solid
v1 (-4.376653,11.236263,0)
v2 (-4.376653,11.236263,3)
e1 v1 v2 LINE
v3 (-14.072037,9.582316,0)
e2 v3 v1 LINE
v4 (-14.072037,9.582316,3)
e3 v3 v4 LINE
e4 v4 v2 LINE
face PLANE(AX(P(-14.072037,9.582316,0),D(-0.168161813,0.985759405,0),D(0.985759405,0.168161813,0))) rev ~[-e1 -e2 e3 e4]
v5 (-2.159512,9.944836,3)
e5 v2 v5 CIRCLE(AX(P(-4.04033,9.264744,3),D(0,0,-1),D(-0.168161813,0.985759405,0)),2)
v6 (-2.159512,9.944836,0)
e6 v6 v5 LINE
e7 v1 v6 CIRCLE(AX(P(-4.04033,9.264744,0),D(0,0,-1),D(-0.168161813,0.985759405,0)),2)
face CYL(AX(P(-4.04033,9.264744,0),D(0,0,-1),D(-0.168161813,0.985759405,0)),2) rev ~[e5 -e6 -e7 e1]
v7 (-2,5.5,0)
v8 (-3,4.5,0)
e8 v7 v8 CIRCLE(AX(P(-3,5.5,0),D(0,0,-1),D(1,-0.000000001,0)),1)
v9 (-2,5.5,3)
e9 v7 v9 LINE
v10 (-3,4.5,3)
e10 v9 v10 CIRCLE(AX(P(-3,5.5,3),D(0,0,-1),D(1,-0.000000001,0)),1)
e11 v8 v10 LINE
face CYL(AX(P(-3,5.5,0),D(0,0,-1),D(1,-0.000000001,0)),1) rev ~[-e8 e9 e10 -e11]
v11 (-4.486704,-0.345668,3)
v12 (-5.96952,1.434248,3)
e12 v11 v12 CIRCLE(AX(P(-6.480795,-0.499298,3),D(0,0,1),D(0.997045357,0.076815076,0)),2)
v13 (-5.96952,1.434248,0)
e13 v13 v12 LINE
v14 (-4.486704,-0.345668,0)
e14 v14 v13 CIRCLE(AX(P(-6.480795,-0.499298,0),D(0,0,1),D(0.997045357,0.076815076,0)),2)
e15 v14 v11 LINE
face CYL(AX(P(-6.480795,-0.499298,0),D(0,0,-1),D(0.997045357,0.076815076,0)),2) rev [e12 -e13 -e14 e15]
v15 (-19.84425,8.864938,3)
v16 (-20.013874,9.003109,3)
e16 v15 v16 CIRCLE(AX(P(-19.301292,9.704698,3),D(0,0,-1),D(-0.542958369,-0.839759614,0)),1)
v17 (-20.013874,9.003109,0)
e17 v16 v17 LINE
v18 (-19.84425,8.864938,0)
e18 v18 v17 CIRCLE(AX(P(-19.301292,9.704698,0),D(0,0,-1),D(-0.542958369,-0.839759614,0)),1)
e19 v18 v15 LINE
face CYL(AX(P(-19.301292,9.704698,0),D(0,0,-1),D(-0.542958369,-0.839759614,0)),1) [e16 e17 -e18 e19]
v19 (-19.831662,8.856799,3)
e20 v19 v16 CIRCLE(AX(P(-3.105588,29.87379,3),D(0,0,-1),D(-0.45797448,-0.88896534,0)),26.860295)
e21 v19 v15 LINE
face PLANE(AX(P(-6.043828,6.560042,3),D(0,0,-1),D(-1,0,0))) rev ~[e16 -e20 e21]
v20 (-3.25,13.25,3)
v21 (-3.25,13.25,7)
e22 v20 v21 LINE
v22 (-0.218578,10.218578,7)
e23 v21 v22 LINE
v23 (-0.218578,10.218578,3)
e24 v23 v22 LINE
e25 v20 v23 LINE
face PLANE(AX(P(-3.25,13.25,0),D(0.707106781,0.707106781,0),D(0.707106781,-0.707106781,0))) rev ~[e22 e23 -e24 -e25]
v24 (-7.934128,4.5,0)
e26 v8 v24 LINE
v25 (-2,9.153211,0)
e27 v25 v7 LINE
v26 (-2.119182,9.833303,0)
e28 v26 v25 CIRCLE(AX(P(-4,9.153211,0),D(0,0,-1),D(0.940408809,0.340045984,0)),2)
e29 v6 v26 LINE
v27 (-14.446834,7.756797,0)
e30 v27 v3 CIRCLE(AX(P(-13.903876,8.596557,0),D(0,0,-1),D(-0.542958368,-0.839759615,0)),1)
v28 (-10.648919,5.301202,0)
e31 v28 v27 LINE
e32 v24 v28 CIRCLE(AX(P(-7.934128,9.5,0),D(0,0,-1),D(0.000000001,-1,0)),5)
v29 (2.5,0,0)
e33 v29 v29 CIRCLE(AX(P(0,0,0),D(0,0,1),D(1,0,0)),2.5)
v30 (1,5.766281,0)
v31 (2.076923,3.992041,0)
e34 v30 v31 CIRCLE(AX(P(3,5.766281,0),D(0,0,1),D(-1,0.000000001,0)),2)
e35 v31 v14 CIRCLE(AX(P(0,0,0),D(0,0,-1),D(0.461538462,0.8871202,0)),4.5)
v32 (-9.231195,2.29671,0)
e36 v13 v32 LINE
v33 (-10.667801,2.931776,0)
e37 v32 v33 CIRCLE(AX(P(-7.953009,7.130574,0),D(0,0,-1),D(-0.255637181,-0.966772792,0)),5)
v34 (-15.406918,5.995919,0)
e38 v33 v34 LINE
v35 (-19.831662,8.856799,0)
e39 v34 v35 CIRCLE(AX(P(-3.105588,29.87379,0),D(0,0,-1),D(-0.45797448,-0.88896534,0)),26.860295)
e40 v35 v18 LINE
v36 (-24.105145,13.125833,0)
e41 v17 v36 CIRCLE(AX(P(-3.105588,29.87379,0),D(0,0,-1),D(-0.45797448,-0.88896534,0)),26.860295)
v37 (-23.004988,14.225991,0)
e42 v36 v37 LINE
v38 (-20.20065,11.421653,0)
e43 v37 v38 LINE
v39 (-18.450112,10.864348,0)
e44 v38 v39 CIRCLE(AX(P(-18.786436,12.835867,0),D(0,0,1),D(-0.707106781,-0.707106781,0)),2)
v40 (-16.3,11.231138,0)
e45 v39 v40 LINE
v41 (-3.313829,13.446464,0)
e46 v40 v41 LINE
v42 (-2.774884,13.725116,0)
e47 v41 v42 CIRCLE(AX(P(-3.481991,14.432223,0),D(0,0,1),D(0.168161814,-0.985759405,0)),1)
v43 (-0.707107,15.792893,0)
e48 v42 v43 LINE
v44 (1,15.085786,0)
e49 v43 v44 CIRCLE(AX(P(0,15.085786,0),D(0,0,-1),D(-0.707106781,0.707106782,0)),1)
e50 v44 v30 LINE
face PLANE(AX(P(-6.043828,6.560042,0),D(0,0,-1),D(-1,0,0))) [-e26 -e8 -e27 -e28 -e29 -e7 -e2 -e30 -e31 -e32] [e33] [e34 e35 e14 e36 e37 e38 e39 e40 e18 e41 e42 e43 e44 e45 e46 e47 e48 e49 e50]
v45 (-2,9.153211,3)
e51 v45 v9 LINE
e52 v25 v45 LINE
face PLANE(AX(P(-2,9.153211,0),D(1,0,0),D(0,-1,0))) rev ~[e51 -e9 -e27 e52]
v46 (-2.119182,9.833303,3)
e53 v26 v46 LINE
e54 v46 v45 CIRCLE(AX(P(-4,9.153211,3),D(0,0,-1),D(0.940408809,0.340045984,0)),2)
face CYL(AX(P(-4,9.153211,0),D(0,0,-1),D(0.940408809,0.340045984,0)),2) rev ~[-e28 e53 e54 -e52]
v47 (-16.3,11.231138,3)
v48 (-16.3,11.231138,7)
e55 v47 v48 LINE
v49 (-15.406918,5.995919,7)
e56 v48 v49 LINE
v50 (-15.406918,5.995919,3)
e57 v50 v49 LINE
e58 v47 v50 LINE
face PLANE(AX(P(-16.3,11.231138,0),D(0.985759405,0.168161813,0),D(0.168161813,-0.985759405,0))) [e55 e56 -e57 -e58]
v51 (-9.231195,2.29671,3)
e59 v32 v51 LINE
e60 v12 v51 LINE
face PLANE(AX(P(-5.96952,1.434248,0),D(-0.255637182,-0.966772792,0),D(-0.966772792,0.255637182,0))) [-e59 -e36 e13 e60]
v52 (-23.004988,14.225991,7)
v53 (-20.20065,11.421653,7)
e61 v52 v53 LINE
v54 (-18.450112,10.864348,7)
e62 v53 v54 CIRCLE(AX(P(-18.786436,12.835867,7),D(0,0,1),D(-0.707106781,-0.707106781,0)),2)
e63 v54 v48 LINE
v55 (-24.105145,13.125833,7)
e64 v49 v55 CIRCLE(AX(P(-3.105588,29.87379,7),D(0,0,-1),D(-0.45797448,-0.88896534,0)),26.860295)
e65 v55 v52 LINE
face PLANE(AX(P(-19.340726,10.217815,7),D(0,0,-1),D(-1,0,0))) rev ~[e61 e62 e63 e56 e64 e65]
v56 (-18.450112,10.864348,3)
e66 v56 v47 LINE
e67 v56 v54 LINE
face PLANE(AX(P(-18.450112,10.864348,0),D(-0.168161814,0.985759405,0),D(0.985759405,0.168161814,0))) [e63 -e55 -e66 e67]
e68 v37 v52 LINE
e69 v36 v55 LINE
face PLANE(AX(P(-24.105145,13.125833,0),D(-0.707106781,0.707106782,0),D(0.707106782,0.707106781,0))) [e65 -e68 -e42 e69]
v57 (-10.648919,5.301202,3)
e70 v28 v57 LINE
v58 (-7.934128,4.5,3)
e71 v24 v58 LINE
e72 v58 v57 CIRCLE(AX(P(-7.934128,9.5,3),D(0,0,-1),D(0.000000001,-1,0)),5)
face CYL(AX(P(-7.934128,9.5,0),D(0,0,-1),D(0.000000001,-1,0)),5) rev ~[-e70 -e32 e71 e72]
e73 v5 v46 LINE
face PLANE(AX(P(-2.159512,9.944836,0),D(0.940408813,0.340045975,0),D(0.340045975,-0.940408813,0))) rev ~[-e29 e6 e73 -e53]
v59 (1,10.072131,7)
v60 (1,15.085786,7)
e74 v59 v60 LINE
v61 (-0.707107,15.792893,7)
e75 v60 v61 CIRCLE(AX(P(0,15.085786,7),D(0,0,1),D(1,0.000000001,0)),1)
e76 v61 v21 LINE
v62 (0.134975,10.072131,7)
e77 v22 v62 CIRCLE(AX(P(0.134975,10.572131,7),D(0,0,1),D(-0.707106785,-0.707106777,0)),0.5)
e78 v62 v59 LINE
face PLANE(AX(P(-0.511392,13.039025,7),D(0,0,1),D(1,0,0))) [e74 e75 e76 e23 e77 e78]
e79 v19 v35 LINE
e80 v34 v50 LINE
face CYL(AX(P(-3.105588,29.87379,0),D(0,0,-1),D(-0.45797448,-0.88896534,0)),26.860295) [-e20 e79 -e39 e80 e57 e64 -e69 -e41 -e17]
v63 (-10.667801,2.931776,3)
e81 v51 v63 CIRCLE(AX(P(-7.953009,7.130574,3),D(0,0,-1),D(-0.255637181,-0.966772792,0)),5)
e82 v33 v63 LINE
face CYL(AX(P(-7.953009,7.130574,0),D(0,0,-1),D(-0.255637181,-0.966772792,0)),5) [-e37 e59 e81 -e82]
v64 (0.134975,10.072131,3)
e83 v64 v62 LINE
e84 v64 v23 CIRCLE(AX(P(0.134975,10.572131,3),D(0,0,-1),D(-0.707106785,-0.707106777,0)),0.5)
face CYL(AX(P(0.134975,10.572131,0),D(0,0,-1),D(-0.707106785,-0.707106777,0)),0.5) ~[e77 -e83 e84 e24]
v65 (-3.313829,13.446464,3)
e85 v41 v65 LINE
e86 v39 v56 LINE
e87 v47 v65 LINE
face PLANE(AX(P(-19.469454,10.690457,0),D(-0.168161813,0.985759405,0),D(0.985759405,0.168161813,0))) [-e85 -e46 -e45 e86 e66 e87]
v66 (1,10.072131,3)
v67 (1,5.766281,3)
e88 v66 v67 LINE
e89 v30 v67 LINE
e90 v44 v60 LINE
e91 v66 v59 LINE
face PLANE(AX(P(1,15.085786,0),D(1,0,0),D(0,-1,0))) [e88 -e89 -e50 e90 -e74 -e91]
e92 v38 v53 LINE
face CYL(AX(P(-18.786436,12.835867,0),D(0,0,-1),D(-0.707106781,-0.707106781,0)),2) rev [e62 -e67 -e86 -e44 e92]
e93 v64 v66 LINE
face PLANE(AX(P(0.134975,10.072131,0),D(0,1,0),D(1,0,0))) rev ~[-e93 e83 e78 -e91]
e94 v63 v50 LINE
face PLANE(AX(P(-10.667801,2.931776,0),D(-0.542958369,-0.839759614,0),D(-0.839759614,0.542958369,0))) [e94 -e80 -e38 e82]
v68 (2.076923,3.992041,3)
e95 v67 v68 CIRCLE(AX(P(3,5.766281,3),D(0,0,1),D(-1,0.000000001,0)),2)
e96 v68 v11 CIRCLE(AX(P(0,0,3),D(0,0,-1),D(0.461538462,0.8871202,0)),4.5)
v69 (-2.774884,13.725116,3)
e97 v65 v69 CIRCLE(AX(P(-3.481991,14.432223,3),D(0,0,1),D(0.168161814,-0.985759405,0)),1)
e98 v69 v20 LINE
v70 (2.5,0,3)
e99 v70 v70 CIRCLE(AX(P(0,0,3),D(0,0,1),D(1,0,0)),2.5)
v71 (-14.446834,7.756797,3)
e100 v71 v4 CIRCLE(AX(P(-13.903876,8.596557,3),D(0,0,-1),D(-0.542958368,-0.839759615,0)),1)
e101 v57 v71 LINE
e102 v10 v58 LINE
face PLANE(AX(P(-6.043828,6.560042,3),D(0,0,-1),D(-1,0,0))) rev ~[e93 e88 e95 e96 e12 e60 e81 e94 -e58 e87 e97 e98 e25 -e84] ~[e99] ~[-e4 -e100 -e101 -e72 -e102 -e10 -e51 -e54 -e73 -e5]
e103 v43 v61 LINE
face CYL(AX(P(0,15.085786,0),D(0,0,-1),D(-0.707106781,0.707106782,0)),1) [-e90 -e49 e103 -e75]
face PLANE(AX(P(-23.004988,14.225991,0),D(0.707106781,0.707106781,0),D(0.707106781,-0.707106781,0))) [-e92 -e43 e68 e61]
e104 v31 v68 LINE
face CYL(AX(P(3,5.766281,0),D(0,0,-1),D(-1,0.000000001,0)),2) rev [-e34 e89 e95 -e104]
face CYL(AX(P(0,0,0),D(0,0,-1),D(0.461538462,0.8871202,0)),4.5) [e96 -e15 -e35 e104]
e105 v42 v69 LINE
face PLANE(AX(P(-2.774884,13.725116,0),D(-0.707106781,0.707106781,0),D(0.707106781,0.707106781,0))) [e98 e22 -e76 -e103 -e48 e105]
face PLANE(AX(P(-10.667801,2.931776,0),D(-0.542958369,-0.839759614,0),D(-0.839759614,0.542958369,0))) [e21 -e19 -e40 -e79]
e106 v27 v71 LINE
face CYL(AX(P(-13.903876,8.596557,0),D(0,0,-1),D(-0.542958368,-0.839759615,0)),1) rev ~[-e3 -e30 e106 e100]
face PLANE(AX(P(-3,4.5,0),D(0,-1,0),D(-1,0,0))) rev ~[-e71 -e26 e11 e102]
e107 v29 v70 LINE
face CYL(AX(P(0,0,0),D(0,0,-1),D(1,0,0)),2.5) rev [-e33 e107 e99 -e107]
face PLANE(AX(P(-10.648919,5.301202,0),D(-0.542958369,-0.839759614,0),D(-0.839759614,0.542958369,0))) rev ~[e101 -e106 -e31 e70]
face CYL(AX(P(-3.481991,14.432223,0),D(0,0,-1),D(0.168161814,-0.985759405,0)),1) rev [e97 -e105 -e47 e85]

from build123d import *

# Parameters (mm, degrees)
ESQUISSE1_R          = 2.5
BASE_EXTRUSION_DEPTH = 3
BOSS_EXTRU_1_DEPTH   = 7


with BuildPart() as part:
    # Esquisse1 → Base-Extrusion (new body)
    with BuildSketch(Plane.XY):
        with BuildLine():
            Line((-10.667800722, 2.931775933), (-19.844250261, 8.864938219))
            ThreePointArc((-19.844250261, 8.864938219), (-20.280859603, 9.905812475), (-19.469453705, 10.690457238))
            Line((-19.469453705, 10.690457238), (-3.313828745, 13.446463599))
            ThreePointArc((-3.313828745, 13.446463599), (-3.022713301, 13.543930034), (-2.774883777, 13.725116223))
            Line((-2.774883777, 13.725116223), (-0.707106781, 15.792893219))
            ThreePointArc((-0.707106781, 15.792893219), (0.382683432, 16.00966597), (1, 15.085786438))
            Line((1, 15.085786438), (1, 5.766281297))
            ThreePointArc((1, 5.766281297), (1.290299171, 4.728532254), (2.076923077, 3.992040898))
            ThreePointArc((2.076923077, 3.992040898), (2.481066389, -3.75423888), (-4.486704107, -0.345667841))
            ThreePointArc((-4.486704107, -0.345667841), (-4.944162699, 0.780843297), (-5.969520458, 1.434247592))
            Line((-5.969520458, 1.434247592), (-9.231194787, 2.296710044))
            ThreePointArc((-9.231194787, 2.296710044), (-9.974591181, 2.557478226), (-10.667800722, 2.931775933))
        make_face()
        Circle(ESQUISSE1_R, mode=Mode.SUBTRACT)
        with BuildLine():
            Line((-2, 9.15321079), (-2, 5.5))
            ThreePointArc((-2, 5.5), (-2.292893219, 4.792893219), (-3, 4.5))
            Line((-3, 4.5), (-7.934127615, 4.5))
            ThreePointArc((-7.934127615, 4.5), (-9.349403144, 4.704481761), (-10.648919459, 5.301201929))
            Line((-10.648919459, 5.301201929), (-14.446834044, 7.756796926))
            ThreePointArc((-14.446834044, 7.756796926), (-14.883443387, 8.797671182), (-14.072037489, 9.582315945))
            Line((-14.072037489, 9.582315945), (-4.37665324, 11.236262526))
            ThreePointArc((-4.37665324, 11.236262526), (-3.033695989, 10.992947624), (-2.159511991, 9.944835677))
            Line((-2.159511991, 9.944835677), (-2.119182379, 9.833302751))
            ThreePointArc((-2.119182379, 9.833302751), (-2.030020908, 9.4984388), (-2, 9.15321079))
        make_face(mode=Mode.SUBTRACT)
    extrude(amount=BASE_EXTRUSION_DEPTH)

    # Esquisse2 → Boss.-Extru.1 (add)
    with BuildSketch(Plane(origin=(0, 0, 0), x_dir=(-1, 0, 0), z_dir=(0, 0, -1))):
        with BuildLine():
            Line((0.707106781, 15.792893219), (3.25, 13.25))
            Line((3.25, 13.25), (0.218577995, 10.218577995))
            ThreePointArc((0.218577995, 10.218577995), (0.056366321, 10.110191619), (-0.134975396, 10.072131386))
            Line((-0.134975396, 10.072131386), (-1, 10.072131386))
            Line((-1, 10.072131386), (-1, 15.085786438))
            ThreePointArc((-1, 15.085786438), (-0.382683432, 16.00966597), (0.707106781, 15.792893219))
        make_face()
        with BuildLine():
            Line((16.3, 11.231137936), (15.406918032, 5.995918767))
            ThreePointArc((15.406918032, 5.995918767), (20.133394575, 9.10050758), (24.105145399, 13.125833357))
            Line((24.105145399, 13.125833357), (23.004987611, 14.225991144))
            Line((23.004987611, 14.225991144), (20.200649548, 11.421653081))
            ThreePointArc((20.200649548, 11.421653081), (19.393155824, 10.930114551), (18.450112359, 10.864347833))
            Line((18.450112359, 10.864347833), (16.3, 11.231137936))
        make_face()
    extrude(amount=-BOSS_EXTRU_1_DEPTH)


solid = part.part
